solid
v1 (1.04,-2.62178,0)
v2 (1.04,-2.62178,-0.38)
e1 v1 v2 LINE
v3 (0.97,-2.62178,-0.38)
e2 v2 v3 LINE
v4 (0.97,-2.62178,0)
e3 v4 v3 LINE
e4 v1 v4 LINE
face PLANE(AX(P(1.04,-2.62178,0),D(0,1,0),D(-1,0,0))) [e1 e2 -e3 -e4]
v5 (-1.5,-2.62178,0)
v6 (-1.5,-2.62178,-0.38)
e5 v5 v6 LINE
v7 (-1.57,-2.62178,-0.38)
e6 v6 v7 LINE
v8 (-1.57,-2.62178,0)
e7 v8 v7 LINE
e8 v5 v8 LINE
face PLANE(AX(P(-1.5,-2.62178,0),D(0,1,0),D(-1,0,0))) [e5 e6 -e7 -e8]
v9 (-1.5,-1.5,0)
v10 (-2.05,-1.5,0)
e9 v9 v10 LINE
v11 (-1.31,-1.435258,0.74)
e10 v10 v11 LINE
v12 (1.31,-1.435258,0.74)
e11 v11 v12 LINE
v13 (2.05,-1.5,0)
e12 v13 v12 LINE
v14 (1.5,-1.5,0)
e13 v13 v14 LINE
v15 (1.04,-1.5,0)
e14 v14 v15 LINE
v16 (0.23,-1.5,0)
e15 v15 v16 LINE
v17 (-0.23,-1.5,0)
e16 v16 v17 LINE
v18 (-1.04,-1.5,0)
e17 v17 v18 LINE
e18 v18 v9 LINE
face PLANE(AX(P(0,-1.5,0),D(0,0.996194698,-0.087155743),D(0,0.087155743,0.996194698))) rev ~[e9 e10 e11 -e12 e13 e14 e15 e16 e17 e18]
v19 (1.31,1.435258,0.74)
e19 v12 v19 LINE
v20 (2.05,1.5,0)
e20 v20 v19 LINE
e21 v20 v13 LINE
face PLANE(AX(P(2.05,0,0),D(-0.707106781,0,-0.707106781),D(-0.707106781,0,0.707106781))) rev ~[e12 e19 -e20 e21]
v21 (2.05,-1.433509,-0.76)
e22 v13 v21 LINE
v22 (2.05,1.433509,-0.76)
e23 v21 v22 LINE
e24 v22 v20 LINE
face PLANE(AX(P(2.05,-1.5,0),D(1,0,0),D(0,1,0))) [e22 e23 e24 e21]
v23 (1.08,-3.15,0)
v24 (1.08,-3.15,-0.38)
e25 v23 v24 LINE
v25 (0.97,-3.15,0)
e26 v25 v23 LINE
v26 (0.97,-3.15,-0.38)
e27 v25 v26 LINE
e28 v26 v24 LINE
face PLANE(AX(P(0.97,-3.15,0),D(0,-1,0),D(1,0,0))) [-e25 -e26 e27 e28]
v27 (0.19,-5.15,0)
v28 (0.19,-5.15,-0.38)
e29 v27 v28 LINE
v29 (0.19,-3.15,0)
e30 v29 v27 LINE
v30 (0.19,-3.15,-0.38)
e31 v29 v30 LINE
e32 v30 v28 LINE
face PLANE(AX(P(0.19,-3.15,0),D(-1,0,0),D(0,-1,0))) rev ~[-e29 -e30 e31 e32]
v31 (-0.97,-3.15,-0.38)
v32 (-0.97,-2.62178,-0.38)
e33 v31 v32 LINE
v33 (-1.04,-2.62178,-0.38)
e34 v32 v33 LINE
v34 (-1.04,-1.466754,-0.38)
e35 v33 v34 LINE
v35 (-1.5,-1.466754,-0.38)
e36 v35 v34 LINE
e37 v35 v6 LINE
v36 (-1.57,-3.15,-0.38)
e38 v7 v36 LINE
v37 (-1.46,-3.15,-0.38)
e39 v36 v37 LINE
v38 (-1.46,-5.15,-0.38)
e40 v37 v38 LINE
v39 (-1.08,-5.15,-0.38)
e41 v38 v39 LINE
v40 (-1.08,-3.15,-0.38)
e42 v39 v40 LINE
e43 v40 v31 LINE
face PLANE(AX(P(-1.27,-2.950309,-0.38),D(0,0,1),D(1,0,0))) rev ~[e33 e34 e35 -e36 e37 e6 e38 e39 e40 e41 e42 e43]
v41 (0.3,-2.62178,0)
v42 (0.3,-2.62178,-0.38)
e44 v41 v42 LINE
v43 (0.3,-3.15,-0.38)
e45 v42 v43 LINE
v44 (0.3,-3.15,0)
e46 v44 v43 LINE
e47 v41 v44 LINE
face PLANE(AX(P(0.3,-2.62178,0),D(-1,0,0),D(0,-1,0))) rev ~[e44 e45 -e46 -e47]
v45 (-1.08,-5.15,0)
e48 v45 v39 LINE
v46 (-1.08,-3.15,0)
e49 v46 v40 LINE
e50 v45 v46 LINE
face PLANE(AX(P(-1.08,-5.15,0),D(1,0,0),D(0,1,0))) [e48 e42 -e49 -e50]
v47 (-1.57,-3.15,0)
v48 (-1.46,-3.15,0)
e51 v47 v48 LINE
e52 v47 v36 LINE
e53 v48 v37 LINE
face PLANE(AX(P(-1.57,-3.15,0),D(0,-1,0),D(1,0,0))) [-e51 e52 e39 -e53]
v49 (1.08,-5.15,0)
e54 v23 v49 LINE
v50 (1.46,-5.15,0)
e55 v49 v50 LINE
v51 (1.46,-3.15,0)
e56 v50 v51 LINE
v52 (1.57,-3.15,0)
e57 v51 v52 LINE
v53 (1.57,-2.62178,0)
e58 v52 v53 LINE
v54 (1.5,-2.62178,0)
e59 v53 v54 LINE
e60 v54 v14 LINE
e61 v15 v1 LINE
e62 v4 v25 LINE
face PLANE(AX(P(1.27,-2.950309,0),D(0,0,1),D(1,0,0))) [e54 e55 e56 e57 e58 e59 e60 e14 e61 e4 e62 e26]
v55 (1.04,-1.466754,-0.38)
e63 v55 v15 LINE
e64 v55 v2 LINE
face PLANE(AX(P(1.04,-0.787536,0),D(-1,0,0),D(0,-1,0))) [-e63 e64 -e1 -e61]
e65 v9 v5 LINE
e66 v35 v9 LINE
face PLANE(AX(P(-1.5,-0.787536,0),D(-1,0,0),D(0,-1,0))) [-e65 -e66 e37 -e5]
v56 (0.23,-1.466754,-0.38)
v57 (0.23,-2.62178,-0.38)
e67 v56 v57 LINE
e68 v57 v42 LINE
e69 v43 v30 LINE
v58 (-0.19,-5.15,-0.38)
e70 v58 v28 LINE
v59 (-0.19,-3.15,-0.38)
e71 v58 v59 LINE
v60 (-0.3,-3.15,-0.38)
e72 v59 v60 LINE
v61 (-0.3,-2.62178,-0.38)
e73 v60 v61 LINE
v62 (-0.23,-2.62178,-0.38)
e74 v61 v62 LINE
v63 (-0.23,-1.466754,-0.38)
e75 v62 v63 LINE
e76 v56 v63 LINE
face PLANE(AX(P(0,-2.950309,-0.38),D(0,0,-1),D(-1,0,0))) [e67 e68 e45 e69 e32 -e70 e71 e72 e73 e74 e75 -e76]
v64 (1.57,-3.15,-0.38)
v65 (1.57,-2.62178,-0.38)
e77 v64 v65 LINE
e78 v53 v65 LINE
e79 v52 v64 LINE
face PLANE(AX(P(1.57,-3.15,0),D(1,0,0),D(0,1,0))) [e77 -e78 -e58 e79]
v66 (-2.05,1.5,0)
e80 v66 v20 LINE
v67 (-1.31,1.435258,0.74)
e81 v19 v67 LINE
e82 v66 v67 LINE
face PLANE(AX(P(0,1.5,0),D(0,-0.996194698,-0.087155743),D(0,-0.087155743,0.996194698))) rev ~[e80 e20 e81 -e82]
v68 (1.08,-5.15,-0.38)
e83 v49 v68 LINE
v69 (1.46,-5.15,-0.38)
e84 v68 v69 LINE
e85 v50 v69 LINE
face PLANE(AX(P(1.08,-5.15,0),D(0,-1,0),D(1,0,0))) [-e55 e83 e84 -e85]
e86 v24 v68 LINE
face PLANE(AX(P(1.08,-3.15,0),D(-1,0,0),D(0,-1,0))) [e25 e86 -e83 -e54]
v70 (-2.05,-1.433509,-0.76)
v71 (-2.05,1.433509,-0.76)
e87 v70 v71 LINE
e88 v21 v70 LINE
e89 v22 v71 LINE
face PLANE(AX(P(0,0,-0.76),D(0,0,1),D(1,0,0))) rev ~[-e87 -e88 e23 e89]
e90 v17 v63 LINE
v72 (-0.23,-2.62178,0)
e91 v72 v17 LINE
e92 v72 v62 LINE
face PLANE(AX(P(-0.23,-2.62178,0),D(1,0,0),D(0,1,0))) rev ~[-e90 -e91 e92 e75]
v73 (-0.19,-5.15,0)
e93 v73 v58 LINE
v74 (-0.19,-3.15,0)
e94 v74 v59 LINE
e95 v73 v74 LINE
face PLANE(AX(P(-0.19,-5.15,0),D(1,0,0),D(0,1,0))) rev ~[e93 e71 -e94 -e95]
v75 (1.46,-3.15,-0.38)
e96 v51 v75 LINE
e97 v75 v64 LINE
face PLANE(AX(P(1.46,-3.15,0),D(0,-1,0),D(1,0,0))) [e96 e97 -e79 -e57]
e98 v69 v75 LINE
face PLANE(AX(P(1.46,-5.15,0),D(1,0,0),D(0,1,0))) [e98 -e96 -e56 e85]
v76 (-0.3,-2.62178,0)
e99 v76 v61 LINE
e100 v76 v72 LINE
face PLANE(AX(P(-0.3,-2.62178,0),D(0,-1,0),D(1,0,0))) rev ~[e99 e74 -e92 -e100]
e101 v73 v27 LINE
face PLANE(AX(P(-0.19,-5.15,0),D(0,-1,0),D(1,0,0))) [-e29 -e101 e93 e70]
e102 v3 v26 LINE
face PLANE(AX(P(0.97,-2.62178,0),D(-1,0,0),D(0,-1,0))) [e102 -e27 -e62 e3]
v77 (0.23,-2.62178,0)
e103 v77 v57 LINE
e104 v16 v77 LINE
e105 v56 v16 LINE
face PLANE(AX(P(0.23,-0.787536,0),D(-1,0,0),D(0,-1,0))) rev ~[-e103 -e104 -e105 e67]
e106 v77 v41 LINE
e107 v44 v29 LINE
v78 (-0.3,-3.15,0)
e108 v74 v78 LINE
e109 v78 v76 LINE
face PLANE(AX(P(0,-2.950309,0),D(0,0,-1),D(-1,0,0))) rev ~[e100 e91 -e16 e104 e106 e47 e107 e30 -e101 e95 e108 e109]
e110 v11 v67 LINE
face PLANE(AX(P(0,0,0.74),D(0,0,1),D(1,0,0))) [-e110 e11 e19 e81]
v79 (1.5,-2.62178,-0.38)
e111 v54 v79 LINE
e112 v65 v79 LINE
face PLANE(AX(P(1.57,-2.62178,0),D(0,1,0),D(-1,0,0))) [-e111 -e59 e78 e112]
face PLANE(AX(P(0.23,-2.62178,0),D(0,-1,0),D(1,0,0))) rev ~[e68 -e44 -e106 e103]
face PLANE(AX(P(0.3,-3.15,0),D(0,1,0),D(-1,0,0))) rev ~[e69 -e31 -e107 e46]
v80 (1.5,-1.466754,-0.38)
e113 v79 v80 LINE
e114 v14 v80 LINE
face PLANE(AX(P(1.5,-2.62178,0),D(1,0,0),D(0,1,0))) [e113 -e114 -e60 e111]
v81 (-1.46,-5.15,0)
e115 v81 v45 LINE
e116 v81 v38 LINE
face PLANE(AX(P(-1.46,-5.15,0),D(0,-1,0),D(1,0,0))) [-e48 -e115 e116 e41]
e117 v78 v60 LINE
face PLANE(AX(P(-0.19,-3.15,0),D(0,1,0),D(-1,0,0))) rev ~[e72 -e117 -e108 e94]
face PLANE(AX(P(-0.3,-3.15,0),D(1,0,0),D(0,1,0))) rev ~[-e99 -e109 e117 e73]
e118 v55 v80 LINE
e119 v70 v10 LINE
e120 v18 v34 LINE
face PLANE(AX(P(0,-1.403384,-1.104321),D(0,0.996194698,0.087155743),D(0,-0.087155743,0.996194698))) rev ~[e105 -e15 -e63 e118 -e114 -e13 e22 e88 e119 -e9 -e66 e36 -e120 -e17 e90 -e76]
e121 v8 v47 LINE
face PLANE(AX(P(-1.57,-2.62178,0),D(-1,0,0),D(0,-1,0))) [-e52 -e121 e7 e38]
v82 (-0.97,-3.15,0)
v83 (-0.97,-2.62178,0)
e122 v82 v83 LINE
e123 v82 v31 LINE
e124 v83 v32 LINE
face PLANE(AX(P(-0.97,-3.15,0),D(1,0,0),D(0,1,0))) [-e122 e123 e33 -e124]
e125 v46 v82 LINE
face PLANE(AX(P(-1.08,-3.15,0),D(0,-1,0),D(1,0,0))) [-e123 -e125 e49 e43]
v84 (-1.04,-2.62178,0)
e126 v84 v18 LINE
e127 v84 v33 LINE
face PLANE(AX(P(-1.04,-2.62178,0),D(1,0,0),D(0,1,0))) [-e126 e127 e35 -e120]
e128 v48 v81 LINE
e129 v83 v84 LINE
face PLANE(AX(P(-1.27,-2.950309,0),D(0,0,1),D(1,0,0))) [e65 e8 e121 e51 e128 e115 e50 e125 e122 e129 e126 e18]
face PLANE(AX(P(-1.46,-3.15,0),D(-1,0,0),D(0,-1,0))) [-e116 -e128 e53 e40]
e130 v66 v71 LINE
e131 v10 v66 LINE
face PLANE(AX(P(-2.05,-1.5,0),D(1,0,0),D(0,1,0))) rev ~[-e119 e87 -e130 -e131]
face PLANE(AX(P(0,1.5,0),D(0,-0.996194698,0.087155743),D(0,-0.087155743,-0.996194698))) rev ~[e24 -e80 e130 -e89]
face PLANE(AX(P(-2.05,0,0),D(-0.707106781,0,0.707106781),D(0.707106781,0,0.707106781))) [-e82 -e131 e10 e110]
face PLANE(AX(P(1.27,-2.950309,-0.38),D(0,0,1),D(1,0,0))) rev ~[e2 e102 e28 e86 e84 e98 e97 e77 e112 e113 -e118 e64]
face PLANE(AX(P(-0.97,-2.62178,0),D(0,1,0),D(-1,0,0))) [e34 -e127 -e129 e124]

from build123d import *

# Parameters (mm, degrees)
SKETCH1_W                = 4.1
SKETCH1_H                = 3
EXTRUDE1_DEPTH           = 0.74
EXTRUDE1_TAPER           = 5
EXTRUDE1_OTHER_WAY_DEPTH = 0.76
CUT_EXTRUDE1_DEPTH       = 2.5
CUT_EXTRUDE1_DEPTH_BACK  = 2.5
CUT_EXTRUDE2_DEPTH       = 3.05
CUT_EXTRUDE2_DEPTH_BACK  = 3.05
EXTRUDE2_DEPTH           = 0.38


with BuildPart() as part:
    # Sketch1 → Extrude1 (new body)
    with BuildSketch(Plane.XY):
        Rectangle(SKETCH1_W, SKETCH1_H)
    extrude(amount=EXTRUDE1_DEPTH, taper=EXTRUDE1_TAPER)

    # Sketch1 → Extrude1 other way (add)
    with BuildSketch(Plane.XY):
        Rectangle(SKETCH1_W, SKETCH1_H)
    extrude(amount=-EXTRUDE1_OTHER_WAY_DEPTH)

    # Sketch2 → Cut-Extrude1 (cut, two sides)
    with BuildSketch(Plane(origin=(0, 0, 0), x_dir=(1, 0, 0), z_dir=(0, 1, 0))) as cut_extrude1_sk:
        Polygon((-2.05, 0), (-1.022969854, -1.027030146), (-2.05, -1.027030146), align=None)
        Polygon((2.05, 0), (1.060614086, -0.989385914), (2.05, -0.989385914), align=None)
    extrude(amount=CUT_EXTRUDE1_DEPTH, mode=Mode.SUBTRACT)
    extrude(cut_extrude1_sk.sketch, amount=-CUT_EXTRUDE1_DEPTH_BACK, mode=Mode.SUBTRACT)

    # Sketch3 → Cut-Extrude2 (cut, two sides)
    with BuildSketch(Plane(origin=(0, 0, 0), x_dir=(0, 0, -1), z_dir=(1, 0, 0))) as cut_extrude2_sk:
        Polygon((0, 1.5), (1.212386466, 1.393929928), (0.76, 1.5), align=None)
        Polygon((0, -1.5), (1.104320803, -1.5), (1.104320803, -1.403384449), align=None)
    extrude(amount=CUT_EXTRUDE2_DEPTH, mode=Mode.SUBTRACT)
    extrude(cut_extrude2_sk.sketch, amount=-CUT_EXTRUDE2_DEPTH_BACK, mode=Mode.SUBTRACT)

    # Sketch4 → Extrude2 (add)
    with BuildSketch(Plane.XY):
        Polygon((1.46, -3.15), (1.57, -3.15), (1.57, -2.62177976), (1.5, -2.62177976), (1.5, -0.78753646), (1.04, -0.78753646), (1.04, -2.62177976), (0.97, -2.62177976), (0.97, -3.15), (1.08, -3.15), (1.08, -5.15), (1.27, -5.15), (1.46, -5.15), align=None)
        Polygon((-1.08, -3.15), (-0.97, -3.15), (-0.97, -2.62177976), (-1.04, -2.62177976), (-1.04, -0.78753646), (-1.5, -0.78753646), (-1.5, -2.62177976), (-1.57, -2.62177976), (-1.57, -3.15), (-1.46, -3.15), (-1.46, -5.15), (-1.27, -5.15), (-1.08, -5.15), align=None)
        Polygon((0.23, -2.62177976), (0.3, -2.62177976), (0.3, -3.15), (0.19, -3.15), (0.19, -5.15), (0, -5.15), (-0.19, -5.15), (-0.19, -3.15), (-0.3, -3.15), (-0.3, -2.62177976), (-0.23, -2.62177976), (-0.23, -0.78753646), (0.23, -0.78753646), align=None)
    extrude(amount=-EXTRUDE2_DEPTH)


solid = part.part
